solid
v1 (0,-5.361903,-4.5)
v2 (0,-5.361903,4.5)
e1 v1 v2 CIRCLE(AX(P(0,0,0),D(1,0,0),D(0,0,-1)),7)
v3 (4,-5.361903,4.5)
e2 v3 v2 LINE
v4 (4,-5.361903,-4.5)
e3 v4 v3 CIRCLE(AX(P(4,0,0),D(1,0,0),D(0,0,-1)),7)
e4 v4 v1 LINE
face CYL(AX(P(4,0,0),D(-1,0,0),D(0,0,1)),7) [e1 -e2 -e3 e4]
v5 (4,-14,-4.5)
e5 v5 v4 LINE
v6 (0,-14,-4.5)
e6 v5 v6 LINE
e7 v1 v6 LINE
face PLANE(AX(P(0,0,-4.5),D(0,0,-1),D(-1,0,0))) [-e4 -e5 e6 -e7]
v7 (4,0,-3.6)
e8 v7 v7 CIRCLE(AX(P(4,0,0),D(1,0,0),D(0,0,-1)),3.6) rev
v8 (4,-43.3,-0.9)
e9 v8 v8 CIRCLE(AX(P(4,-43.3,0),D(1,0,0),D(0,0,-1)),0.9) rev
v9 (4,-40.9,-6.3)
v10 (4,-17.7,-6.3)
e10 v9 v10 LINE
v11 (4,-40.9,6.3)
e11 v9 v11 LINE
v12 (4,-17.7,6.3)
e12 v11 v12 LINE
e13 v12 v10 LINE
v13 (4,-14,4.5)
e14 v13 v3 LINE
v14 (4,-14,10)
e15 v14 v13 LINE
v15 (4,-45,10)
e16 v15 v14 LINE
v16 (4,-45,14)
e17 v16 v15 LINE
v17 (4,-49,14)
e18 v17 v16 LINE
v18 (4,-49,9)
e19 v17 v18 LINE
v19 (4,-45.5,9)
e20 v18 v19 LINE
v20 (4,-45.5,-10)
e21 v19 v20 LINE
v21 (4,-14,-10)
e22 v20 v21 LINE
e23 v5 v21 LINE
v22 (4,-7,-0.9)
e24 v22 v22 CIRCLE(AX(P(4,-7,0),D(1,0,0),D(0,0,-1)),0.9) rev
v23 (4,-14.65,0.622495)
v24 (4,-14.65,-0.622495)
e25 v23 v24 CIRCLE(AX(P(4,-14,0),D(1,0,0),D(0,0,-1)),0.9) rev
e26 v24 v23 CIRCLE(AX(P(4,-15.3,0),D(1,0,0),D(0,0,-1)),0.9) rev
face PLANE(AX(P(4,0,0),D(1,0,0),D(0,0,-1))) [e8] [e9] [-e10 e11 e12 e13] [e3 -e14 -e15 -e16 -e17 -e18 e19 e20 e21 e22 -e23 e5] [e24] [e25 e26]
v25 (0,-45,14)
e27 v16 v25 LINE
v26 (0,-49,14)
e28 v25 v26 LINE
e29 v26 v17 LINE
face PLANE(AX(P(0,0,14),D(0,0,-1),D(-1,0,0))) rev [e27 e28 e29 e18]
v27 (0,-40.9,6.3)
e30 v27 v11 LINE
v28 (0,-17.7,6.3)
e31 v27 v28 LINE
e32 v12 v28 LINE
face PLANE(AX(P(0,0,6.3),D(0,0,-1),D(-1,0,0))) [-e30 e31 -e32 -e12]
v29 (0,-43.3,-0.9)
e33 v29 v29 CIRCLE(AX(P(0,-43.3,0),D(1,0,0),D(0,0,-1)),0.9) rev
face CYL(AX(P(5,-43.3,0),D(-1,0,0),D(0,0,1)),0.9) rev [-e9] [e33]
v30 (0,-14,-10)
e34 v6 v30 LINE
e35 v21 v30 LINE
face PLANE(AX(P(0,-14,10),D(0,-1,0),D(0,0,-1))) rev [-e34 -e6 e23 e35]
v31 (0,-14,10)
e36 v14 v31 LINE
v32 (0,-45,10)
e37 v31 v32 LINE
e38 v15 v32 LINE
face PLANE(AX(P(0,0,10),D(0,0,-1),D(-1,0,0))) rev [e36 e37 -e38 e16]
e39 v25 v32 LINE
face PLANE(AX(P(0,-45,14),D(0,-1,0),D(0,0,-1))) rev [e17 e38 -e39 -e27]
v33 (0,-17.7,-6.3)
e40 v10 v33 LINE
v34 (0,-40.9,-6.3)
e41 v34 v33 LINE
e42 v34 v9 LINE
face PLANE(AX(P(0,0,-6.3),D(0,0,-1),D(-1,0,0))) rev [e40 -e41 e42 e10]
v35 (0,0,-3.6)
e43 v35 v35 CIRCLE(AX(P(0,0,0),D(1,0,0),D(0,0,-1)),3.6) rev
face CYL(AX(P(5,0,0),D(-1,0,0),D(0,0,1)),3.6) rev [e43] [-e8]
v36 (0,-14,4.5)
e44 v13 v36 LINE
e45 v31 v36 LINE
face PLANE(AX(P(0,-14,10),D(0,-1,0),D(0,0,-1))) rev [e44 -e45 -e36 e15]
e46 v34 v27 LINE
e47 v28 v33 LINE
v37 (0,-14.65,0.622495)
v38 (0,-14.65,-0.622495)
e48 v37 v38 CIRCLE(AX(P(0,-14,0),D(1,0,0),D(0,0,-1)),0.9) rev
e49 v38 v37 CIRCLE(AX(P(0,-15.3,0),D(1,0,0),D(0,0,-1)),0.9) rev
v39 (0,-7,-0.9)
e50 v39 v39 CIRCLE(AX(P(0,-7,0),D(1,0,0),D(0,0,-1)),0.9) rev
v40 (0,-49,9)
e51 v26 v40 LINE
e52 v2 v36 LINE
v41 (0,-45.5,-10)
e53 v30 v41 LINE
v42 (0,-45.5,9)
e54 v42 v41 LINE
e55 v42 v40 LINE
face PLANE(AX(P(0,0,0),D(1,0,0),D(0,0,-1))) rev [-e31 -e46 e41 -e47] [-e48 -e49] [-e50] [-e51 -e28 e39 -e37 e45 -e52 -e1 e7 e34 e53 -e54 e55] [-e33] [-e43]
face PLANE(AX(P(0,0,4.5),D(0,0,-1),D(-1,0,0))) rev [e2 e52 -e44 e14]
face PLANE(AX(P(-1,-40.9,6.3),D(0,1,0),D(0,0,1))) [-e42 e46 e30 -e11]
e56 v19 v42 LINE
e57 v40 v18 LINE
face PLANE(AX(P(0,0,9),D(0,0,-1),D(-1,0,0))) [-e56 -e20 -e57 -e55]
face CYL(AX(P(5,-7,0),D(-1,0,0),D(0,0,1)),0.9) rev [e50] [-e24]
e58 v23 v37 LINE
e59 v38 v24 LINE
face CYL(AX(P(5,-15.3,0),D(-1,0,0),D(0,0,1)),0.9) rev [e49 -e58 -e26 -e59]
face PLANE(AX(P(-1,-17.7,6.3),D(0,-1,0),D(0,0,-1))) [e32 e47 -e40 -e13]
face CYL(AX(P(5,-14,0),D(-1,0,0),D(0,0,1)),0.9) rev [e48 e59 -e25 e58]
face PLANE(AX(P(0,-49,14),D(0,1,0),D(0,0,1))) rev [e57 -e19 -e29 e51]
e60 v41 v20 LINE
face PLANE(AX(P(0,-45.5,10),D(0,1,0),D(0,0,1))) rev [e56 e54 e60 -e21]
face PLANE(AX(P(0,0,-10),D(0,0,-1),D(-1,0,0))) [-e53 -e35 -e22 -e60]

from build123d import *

# Parameters (mm, degrees)
SKETCH1_R            = 7
BOSS_EXTRUDE1_DEPTH  = 4
BOSS_EXTRUDE2_START  = -4.5
SKETCH2_W            = 4
SKETCH2_H            = 34
BOSS_EXTRUDE2_DEPTH  = 9
BOSS_EXTRUDE3_START  = -10
SKETCH3_W            = 4
SKETCH3_H            = 31.5
BOSS_EXTRUDE3_DEPTH  = 20
BOSS_EXTRUDE4_START  = 9
SKETCH4_W            = 4
SKETCH4_H            = 4
BOSS_EXTRUDE4_DEPTH  = 5
BOSS_EXTRUDE5_START  = -1
SKETCH5_R            = 3.6
BOSS_EXTRUDE5_DEPTH  = 6
BOSS_EXTRUDE6_START  = -1
SKETCH6_R            = 0.9
BOSS_EXTRUDE6_DEPTH  = 6
BOSS_EXTRUDE7_START  = -1
SKETCH7_R            = 0.9
BOSS_EXTRUDE7_DEPTH  = 6
BOSS_EXTRUDE8_START  = -6.3
SKETCH8_W            = 6
SKETCH8_H            = 23.2
BOSS_EXTRUDE8_DEPTH  = 12.6
BOSS_EXTRUDE9_START  = -1
SKETCH9_R            = 0.9
BOSS_EXTRUDE9_DEPTH  = 6
BOSS_EXTRUDE10_START = -1
SKETCH10_R           = 0.9
BOSS_EXTRUDE10_DEPTH = 6


with BuildPart() as part:
    # Sketch1 → Boss-Extrude1 (new body)
    with BuildSketch(Plane(origin=(0, 0, 0), x_dir=(0, 0, -1), z_dir=(1, 0, 0))):
        Circle(SKETCH1_R)
    extrude(amount=BOSS_EXTRUDE1_DEPTH)

    # Sketch2 → Boss-Extrude2 (add)
    with BuildSketch(Plane.XY.offset(BOSS_EXTRUDE2_START)):
        with Locations((2, -17)):
            Rectangle(SKETCH2_W, SKETCH2_H)
    extrude(amount=BOSS_EXTRUDE2_DEPTH)

    # Sketch3 → Boss-Extrude3 (add)
    with BuildSketch(Plane.XY.offset(BOSS_EXTRUDE3_START)):
        with Locations((2, -29.75)):
            Rectangle(SKETCH3_W, SKETCH3_H)
    extrude(amount=BOSS_EXTRUDE3_DEPTH)

    # Sketch4 → Boss-Extrude4 (add)
    with BuildSketch(Plane.XY.offset(BOSS_EXTRUDE4_START)):
        with Locations((2, -47)):
            Rectangle(SKETCH4_W, SKETCH4_H)
    extrude(amount=BOSS_EXTRUDE4_DEPTH)


with BuildPart() as body_2:
    # Sketch5 → Boss-Extrude5 (new body)
    with BuildSketch(Plane(origin=(0, 0, 0), x_dir=(0, 0, -1), z_dir=(1, 0, 0)).offset(BOSS_EXTRUDE5_START)):
        Circle(SKETCH5_R)
    extrude(amount=BOSS_EXTRUDE5_DEPTH)


with BuildPart() as part_1:
    add(part.part)

    # Combine1: cut body 2
    add(body_2.part, mode=Mode.SUBTRACT)


with BuildPart() as body_2_2:
    # Sketch6 → Boss-Extrude6 (new body)
    with BuildSketch(Plane(origin=(0, 0, 0), x_dir=(0, 0, -1), z_dir=(1, 0, 0)).offset(BOSS_EXTRUDE6_START)):
        with Locations((0, -7)):
            Circle(SKETCH6_R)
    extrude(amount=BOSS_EXTRUDE6_DEPTH)


with BuildPart() as part_2:
    add(part_1.part)

    # Combine2: cut body 2 2
    add(body_2_2.part, mode=Mode.SUBTRACT)


with BuildPart() as body_2_3:
    # Sketch7 → Boss-Extrude7 (new body)
    with BuildSketch(Plane(origin=(0, 0, 0), x_dir=(0, 0, -1), z_dir=(1, 0, 0)).offset(BOSS_EXTRUDE7_START)):
        with Locations((0, -14)):
            Circle(SKETCH7_R)
    extrude(amount=BOSS_EXTRUDE7_DEPTH)


with BuildPart() as part_3:
    add(part_2.part)

    # Combine3: cut body 2 3
    add(body_2_3.part, mode=Mode.SUBTRACT)


with BuildPart() as body_2_4:
    # Sketch8 → Boss-Extrude8 (new body)
    with BuildSketch(Plane.XY.offset(BOSS_EXTRUDE8_START)):
        with Locations((2, -29.3)):
            Rectangle(SKETCH8_W, SKETCH8_H)
    extrude(amount=BOSS_EXTRUDE8_DEPTH)


with BuildPart() as part_4:
    add(part_3.part)

    # Combine4: cut body 2 4
    add(body_2_4.part, mode=Mode.SUBTRACT)


with BuildPart() as body_2_5:
    # Sketch9 → Boss-Extrude9 (new body)
    with BuildSketch(Plane(origin=(0, 0, 0), x_dir=(0, 0, -1), z_dir=(1, 0, 0)).offset(BOSS_EXTRUDE9_START)):
        with Locations((0, -43.3)):
            Circle(SKETCH9_R)
    extrude(amount=BOSS_EXTRUDE9_DEPTH)


with BuildPart() as part_5:
    add(part_4.part)

    # Combine5: cut body 2 5
    add(body_2_5.part, mode=Mode.SUBTRACT)


with BuildPart() as body_2_6:
    # Sketch10 → Boss-Extrude10 (new body)
    with BuildSketch(Plane(origin=(0, 0, 0), x_dir=(0, 0, -1), z_dir=(1, 0, 0)).offset(BOSS_EXTRUDE10_START)):
        with Locations((0, -15.3)):
            Circle(SKETCH10_R)
    extrude(amount=BOSS_EXTRUDE10_DEPTH)


with BuildPart() as part_6:
    add(part_5.part)

    # Combine6: cut body 2 6
    add(body_2_6.part, mode=Mode.SUBTRACT)


solid = part_6.part
